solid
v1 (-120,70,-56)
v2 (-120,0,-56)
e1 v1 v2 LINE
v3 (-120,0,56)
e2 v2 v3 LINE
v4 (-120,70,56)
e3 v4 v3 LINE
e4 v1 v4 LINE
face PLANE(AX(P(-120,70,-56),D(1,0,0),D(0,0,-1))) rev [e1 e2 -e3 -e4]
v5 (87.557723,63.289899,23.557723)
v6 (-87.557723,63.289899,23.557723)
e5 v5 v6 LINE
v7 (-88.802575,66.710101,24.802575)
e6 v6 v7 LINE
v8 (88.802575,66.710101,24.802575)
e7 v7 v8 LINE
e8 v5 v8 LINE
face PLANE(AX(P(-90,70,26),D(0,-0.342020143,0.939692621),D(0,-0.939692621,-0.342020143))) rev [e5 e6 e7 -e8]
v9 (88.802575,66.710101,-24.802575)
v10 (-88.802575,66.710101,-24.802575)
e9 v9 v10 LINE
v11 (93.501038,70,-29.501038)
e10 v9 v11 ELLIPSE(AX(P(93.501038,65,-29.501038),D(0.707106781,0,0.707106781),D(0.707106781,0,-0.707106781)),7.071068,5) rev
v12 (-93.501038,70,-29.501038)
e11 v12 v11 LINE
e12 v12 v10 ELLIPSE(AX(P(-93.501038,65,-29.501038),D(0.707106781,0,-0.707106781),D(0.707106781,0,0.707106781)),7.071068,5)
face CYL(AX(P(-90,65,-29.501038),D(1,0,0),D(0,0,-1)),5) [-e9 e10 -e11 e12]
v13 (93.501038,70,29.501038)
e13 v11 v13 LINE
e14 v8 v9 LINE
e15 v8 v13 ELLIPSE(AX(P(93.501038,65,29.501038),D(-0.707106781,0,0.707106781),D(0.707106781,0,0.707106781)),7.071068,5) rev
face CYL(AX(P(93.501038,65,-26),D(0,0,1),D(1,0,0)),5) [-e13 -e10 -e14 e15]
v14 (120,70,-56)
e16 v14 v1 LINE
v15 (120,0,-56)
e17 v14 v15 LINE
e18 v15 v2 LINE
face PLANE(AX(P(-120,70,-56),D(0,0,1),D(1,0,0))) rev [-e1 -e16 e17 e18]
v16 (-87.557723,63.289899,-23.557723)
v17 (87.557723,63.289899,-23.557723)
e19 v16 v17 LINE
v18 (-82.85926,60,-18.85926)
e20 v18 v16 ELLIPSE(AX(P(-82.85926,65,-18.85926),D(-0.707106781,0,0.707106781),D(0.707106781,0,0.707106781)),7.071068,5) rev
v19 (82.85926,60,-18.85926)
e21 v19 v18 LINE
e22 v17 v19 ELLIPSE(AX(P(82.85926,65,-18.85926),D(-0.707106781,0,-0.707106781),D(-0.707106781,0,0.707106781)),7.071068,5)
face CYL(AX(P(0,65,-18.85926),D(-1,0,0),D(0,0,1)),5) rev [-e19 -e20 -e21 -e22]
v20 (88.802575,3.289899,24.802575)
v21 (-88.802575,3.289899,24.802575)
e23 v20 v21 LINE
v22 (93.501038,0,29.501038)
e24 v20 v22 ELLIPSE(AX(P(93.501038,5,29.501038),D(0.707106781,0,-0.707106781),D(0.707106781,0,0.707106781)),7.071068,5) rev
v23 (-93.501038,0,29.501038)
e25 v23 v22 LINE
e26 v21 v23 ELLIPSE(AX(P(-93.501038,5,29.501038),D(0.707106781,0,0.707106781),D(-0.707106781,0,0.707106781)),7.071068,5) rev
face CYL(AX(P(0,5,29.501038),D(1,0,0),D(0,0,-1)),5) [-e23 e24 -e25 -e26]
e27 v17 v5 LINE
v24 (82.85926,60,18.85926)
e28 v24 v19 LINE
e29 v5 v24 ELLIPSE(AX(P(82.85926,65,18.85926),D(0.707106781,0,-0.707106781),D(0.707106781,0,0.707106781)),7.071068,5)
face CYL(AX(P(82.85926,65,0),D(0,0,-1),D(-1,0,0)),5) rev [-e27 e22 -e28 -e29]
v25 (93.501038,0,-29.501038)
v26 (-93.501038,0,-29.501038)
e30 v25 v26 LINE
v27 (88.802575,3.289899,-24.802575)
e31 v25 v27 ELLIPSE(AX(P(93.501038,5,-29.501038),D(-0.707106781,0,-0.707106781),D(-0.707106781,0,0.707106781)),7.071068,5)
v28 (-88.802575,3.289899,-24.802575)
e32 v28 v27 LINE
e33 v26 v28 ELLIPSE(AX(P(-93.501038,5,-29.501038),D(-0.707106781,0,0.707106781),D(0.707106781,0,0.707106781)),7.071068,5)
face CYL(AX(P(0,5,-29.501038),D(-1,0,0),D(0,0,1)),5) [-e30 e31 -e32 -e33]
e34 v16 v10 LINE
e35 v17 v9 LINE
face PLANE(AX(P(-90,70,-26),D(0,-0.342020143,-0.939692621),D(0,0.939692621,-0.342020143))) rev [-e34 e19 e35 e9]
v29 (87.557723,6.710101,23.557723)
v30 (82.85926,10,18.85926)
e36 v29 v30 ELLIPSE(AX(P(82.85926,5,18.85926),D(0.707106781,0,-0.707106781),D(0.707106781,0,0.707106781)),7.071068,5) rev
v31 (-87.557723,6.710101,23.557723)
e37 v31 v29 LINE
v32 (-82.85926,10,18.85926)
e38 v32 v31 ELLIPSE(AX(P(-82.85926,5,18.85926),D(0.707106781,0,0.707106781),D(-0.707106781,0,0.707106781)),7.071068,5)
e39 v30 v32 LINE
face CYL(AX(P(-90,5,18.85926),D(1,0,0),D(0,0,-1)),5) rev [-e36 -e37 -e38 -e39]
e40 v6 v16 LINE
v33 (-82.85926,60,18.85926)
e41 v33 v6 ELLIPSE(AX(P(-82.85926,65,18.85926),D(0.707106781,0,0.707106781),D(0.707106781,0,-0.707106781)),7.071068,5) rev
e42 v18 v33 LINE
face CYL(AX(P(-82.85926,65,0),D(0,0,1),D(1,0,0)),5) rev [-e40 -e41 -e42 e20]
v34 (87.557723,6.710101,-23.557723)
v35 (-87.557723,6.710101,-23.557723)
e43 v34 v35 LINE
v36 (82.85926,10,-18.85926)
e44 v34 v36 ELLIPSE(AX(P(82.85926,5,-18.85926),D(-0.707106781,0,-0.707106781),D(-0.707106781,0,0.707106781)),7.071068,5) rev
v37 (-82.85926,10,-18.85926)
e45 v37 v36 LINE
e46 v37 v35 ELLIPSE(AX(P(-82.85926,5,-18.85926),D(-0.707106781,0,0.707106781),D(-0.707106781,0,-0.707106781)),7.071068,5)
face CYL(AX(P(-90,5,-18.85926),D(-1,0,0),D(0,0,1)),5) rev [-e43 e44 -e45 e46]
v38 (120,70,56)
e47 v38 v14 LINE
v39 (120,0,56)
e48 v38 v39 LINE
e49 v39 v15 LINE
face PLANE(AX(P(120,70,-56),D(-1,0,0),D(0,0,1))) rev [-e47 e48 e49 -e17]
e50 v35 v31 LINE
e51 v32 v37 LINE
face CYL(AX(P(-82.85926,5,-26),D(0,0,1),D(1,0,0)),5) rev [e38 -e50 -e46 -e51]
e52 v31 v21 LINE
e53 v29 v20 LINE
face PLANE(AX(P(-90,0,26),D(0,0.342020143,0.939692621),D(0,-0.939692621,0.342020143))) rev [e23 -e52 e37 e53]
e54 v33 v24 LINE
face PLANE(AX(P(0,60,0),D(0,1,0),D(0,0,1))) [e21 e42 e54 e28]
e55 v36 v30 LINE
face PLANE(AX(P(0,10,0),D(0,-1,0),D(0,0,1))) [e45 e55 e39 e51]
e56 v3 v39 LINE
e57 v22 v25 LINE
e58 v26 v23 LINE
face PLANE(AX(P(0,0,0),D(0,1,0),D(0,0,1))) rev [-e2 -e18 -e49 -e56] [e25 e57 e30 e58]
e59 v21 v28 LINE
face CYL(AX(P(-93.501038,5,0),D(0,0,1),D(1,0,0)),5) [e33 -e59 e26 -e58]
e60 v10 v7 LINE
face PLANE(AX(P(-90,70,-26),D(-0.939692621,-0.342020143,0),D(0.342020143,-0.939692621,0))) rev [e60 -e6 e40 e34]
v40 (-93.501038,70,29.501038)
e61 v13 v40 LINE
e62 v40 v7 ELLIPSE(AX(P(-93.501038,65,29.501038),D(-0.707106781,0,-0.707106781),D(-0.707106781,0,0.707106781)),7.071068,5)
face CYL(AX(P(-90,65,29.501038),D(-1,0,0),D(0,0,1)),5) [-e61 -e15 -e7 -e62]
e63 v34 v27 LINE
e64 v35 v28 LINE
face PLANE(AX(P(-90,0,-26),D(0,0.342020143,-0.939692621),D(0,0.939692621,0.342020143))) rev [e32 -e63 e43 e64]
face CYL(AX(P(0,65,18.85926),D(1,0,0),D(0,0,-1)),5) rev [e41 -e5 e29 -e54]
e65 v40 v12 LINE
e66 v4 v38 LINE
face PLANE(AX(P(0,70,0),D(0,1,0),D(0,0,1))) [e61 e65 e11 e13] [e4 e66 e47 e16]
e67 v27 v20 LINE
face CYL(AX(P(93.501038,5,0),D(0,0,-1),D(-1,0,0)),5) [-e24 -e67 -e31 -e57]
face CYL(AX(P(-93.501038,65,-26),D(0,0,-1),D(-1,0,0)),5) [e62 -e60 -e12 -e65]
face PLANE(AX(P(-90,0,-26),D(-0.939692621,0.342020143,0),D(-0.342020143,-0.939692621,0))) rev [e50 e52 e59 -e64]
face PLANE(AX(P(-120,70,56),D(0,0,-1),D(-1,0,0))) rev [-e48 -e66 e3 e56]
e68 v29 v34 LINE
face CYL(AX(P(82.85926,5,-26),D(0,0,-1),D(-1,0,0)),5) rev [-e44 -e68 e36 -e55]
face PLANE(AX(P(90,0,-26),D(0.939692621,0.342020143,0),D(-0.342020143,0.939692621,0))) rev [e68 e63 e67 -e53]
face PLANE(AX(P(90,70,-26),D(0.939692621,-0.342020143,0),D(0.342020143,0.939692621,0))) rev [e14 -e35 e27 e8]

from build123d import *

# Parameters (mm, degrees)
SKETCH1_W           = 240
SKETCH1_H           = 112
BOSS_EXTRUDE1_DEPTH = 70
SKETCH2_W           = 180
SKETCH2_H           = 52
CUT_EXTRUDE1_DEPTH  = 10
CUT_EXTRUDE1_TAPER  = 20
FILLET1_R           = 5


with BuildPart() as part:
    # Sketch1 → Boss-Extrude1 (new body)
    with BuildSketch(Plane(origin=(0, 0, 0), x_dir=(1, 0, 0), z_dir=(0, 1, 0))):
        Rectangle(SKETCH1_W, SKETCH1_H)
    extrude(amount=BOSS_EXTRUDE1_DEPTH)

    # Sketch2 → Cut-Extrude1 (cut)
    with BuildSketch(Plane(origin=(0, 70, 0), x_dir=(1, 0, 0), z_dir=(0, 1, 0))):
        Rectangle(SKETCH2_W, SKETCH2_H)
    cut_extrude1 = extrude(amount=-CUT_EXTRUDE1_DEPTH, taper=CUT_EXTRUDE1_TAPER, mode=Mode.SUBTRACT)

    # Mirror1: Cut-Extrude1 across plane
    add(cut_extrude1.mirror(Plane.ZX.offset(35)), mode=Mode.SUBTRACT)

    # Fillet1
    fillet1_edges = [part.edges().sort_by_distance(p)[0] for p in [
        (86.360297657, 60, 0),
        (0, 60, 22.360297657),
        (-86.360297657, 60, 0),
        (0, 60, -22.360297657),
        (90, 70, 0),
        (0, 70, -26),
        (-90, 70, 0),
        (0, 70, 26),
        (90, 0, 0),
        (0, 0, -26),
        (-90, 0, 0),
        (0, 0, 26),
        (86.360297657, 10, 0),
        (0, 10, -22.360297657),
        (-86.360297657, 10, 0),
        (0, 10, 22.360297657),
    ]]
    fillet(fillet1_edges, radius=FILLET1_R)


solid = part.part
